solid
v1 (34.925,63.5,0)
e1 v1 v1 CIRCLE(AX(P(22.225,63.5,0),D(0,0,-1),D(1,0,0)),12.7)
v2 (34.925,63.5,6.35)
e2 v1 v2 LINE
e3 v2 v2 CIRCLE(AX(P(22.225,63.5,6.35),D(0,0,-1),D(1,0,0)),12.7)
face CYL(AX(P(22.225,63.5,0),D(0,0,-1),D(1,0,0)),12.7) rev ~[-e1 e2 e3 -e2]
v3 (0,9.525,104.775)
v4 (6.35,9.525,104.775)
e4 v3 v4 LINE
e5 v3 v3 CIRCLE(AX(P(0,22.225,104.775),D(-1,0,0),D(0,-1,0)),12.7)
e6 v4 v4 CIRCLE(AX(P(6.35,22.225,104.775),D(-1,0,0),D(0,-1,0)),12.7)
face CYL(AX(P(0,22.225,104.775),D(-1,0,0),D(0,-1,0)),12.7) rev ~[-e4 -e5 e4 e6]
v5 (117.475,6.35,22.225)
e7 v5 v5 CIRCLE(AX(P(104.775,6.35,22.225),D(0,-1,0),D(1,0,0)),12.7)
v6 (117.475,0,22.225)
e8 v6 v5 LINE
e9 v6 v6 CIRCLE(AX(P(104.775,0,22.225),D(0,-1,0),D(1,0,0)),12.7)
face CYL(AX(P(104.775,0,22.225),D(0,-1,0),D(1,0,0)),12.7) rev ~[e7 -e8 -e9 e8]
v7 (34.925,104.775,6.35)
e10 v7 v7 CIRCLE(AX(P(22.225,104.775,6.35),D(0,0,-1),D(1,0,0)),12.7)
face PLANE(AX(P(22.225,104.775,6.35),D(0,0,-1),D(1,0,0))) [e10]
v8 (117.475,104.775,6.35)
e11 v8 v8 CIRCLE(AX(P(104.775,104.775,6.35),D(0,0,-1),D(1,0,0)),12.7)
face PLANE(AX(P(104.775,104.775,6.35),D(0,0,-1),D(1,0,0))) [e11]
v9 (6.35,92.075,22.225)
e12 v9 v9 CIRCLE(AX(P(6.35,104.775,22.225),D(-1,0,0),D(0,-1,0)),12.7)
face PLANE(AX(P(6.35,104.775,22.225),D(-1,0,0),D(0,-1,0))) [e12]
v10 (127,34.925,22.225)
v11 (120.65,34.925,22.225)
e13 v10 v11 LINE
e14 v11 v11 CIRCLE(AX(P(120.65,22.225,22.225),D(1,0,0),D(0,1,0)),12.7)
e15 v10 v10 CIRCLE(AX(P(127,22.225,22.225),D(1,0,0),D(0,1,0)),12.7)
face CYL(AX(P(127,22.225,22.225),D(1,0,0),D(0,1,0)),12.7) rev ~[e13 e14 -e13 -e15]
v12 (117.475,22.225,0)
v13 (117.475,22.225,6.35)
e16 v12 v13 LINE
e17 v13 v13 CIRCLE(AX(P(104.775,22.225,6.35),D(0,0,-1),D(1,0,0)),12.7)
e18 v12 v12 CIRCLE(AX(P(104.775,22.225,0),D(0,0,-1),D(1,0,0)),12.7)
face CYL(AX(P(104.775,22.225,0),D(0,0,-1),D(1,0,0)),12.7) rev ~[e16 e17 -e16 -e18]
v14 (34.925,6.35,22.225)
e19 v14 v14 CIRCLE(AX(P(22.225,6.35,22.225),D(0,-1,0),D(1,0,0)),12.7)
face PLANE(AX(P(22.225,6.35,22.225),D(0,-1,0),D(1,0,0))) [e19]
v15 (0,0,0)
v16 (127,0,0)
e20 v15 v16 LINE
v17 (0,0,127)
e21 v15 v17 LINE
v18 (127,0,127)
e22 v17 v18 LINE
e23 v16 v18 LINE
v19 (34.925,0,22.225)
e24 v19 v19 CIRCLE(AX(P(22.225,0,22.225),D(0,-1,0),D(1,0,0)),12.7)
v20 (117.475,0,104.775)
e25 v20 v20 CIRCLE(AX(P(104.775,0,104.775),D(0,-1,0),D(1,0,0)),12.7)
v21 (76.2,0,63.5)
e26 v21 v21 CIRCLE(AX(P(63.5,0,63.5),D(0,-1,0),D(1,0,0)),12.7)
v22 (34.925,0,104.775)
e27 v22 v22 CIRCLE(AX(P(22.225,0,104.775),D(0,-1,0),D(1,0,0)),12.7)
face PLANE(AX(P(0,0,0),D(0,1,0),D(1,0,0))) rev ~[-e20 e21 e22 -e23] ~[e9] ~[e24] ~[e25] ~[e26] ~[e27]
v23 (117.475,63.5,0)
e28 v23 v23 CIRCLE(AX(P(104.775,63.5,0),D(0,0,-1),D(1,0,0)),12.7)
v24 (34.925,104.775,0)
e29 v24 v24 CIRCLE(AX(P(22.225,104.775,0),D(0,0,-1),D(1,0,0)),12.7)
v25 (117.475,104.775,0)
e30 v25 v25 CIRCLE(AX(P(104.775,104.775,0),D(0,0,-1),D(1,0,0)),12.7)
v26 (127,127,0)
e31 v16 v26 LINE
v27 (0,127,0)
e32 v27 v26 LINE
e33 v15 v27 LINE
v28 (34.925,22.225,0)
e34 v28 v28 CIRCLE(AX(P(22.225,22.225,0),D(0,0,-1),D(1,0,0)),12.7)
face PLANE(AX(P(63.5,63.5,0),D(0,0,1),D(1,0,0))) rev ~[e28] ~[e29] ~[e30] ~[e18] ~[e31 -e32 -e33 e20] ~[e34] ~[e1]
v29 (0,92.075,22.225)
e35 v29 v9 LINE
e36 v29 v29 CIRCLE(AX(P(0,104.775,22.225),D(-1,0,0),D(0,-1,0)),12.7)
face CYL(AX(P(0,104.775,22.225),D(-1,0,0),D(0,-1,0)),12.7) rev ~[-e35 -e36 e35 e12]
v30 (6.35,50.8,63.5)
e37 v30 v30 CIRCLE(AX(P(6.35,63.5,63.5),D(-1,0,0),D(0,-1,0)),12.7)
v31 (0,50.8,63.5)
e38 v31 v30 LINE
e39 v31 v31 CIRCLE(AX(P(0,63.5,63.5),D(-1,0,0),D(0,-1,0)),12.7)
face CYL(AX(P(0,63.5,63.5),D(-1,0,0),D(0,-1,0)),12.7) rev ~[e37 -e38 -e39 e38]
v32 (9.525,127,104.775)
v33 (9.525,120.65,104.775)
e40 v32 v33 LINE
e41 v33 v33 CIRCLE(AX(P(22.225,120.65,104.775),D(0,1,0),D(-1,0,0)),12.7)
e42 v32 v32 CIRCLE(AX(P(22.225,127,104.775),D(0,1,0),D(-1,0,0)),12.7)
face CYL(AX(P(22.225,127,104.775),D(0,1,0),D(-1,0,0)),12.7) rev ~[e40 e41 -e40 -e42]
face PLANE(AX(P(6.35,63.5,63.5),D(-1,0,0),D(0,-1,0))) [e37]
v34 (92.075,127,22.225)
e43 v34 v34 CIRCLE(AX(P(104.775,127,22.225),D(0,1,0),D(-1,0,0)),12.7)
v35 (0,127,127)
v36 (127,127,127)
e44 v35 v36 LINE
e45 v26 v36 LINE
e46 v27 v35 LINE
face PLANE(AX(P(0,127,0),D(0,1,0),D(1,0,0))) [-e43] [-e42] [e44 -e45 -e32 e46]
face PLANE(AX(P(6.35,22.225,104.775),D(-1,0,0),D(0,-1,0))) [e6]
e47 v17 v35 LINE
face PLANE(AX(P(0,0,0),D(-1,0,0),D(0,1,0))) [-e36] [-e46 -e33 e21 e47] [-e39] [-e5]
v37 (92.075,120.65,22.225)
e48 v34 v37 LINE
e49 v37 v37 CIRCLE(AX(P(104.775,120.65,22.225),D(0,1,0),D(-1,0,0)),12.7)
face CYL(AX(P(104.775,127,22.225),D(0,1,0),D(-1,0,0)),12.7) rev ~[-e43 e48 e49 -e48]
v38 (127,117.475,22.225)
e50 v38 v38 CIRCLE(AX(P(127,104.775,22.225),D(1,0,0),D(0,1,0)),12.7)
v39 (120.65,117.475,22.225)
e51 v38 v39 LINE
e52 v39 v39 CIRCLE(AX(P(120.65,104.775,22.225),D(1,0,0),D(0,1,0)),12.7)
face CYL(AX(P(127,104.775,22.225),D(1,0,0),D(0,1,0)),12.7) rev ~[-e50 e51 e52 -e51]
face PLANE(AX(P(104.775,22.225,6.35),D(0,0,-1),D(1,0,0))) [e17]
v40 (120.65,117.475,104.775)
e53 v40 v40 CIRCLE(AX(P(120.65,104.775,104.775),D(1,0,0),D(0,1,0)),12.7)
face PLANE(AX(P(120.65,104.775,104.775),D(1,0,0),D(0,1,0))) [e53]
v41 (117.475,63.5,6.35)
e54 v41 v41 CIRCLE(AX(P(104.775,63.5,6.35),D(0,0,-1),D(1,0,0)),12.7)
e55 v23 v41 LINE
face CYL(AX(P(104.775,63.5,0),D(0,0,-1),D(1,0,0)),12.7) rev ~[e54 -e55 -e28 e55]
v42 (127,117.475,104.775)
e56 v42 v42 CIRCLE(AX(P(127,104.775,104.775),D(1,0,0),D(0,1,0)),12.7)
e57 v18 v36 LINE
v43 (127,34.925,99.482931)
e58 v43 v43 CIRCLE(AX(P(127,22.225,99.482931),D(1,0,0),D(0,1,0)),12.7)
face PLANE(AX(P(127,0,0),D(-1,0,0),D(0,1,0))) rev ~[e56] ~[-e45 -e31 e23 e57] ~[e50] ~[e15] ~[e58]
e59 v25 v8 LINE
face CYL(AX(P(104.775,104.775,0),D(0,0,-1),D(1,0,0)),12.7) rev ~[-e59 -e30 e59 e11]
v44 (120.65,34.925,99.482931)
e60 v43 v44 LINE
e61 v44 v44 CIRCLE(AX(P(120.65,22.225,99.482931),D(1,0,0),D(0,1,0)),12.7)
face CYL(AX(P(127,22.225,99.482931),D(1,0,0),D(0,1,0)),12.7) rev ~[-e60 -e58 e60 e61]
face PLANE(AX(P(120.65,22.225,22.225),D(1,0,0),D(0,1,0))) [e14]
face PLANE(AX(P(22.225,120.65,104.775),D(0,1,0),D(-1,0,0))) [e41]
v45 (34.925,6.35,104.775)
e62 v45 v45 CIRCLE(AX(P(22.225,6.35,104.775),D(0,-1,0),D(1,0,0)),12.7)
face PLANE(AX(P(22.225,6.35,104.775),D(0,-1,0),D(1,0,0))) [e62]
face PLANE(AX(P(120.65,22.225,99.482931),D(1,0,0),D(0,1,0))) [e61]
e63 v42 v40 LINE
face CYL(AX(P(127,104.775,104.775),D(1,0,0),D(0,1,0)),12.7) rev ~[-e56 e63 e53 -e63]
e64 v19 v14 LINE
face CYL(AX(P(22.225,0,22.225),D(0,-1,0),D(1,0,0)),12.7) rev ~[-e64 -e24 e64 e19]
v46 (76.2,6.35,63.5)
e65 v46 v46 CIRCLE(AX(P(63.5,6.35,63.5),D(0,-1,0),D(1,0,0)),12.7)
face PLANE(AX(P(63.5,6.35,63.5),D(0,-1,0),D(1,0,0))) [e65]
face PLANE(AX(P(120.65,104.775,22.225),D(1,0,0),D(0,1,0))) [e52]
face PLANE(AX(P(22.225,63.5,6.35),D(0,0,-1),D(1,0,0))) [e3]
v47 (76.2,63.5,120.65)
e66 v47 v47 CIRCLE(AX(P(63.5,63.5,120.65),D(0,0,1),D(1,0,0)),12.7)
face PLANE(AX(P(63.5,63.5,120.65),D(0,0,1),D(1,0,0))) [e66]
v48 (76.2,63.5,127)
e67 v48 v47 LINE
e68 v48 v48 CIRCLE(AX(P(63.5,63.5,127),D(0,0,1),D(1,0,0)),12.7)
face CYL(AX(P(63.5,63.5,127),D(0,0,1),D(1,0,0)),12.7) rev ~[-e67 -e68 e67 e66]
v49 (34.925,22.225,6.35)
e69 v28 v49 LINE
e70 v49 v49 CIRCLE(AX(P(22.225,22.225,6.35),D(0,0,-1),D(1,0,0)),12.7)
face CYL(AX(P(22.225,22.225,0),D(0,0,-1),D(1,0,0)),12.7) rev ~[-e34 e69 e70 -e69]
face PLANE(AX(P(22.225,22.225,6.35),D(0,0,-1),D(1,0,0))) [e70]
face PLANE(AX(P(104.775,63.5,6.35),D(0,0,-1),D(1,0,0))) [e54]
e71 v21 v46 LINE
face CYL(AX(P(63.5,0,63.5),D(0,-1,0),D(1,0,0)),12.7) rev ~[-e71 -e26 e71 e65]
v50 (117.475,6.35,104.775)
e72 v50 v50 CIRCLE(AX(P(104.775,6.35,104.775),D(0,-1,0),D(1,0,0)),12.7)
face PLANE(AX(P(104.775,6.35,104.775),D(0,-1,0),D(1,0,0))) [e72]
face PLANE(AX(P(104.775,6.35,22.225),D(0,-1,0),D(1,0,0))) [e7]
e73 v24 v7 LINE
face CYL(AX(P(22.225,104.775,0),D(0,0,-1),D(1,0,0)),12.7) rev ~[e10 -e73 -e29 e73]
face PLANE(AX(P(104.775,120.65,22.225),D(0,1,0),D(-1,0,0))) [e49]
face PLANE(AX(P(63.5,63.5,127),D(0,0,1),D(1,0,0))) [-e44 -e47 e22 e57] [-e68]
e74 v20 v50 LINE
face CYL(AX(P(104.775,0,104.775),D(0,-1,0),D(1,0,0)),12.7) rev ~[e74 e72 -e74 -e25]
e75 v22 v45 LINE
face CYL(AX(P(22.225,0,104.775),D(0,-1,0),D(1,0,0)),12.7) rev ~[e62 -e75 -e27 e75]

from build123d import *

# Parameters (mm, degrees)
F0_W      = 127
F0_H      = 127
F1_DEPTH  = 127
F2_R      = 12.7
F3_DEPTH  = 6.35
F4_R      = 12.7
F5_DEPTH  = 6.35
F6_R      = 12.7
F7_DEPTH  = 6.35
F8_R      = 12.7
F9_DEPTH  = 6.35
F10_R     = 12.7
F11_DEPTH = 6.35
F12_R     = 12.7
F13_DEPTH = 6.35


with BuildPart() as f1:
    # F0 (on Top) → F1 (new body)
    with BuildSketch(Plane.XY):
        with Locations((63.5, 63.5)):
            Rectangle(F0_W, F0_H)
    extrude(amount=F1_DEPTH)

    # F2 (on face) → F3 (cut)
    with BuildSketch(Plane.XY.offset(127)):
        with Locations((63.5, 63.5)):
            Circle(F2_R)
    extrude(amount=-F3_DEPTH, mode=Mode.SUBTRACT)

    # F4 (on face) → F5 (cut)
    with BuildSketch(Plane(origin=(0, 127, 0), x_dir=(-1, 0, 0), z_dir=(0, 1, 0))):
        with Locations((-104.775, 22.225)):
            Circle(F4_R)
        with Locations((-22.225, 104.775)):
            Circle(F4_R)
    extrude(amount=-F5_DEPTH, mode=Mode.SUBTRACT)

    # F6 (on face) → F7 (cut)
    with BuildSketch(Plane(origin=(0, 0, 0), x_dir=(0, -1, 0), z_dir=(-1, 0, 0))):
        with Locations((-104.775, 22.225)):
            Circle(F6_R)
        with Locations((-63.5, 63.5)):
            Circle(F6_R)
        with Locations((-22.225, 104.775)):
            Circle(F6_R)
    extrude(amount=-F7_DEPTH, mode=Mode.SUBTRACT)

    # F8 (on face) → F9 (cut)
    with BuildSketch(Plane.YZ.offset(127)):
        with Locations((22.225, 99.482931)):
            Circle(F8_R)
        with Locations((104.775, 104.775)):
            Circle(F8_R)
        with Locations((104.775, 22.225)):
            Circle(F8_R)
        with Locations((22.225, 22.225)):
            Circle(F8_R)
    extrude(amount=-F9_DEPTH, mode=Mode.SUBTRACT)

    # F10 (on face) → F11 (cut)
    with BuildSketch(Plane.XZ):
        with Locations((104.775, 104.775)):
            Circle(F10_R)
        with Locations((104.775, 22.225)):
            Circle(F10_R)
        with Locations((22.225, 22.225)):
            Circle(F10_R)
        with Locations((63.5, 63.5)):
            Circle(F10_R)
        with Locations((22.225, 104.775)):
            Circle(F10_R)
    extrude(amount=-F11_DEPTH, mode=Mode.SUBTRACT)

    # F12 (on face) → F13 (cut)
    with BuildSketch(Plane(origin=(0, 0, 0), x_dir=(1, 0, 0), z_dir=(0, 0, -1))):
        with Locations((22.225, -22.225)):
            Circle(F12_R)
        with Locations((22.225, -63.5)):
            Circle(F12_R)
        with Locations((22.225, -104.775)):
            Circle(F12_R)
        with Locations((104.775, -22.225)):
            Circle(F12_R)
        with Locations((104.775, -63.5)):
            Circle(F12_R)
        with Locations((104.775, -104.775)):
            Circle(F12_R)
    extrude(amount=-F13_DEPTH, mode=Mode.SUBTRACT)


solid = f1.part
